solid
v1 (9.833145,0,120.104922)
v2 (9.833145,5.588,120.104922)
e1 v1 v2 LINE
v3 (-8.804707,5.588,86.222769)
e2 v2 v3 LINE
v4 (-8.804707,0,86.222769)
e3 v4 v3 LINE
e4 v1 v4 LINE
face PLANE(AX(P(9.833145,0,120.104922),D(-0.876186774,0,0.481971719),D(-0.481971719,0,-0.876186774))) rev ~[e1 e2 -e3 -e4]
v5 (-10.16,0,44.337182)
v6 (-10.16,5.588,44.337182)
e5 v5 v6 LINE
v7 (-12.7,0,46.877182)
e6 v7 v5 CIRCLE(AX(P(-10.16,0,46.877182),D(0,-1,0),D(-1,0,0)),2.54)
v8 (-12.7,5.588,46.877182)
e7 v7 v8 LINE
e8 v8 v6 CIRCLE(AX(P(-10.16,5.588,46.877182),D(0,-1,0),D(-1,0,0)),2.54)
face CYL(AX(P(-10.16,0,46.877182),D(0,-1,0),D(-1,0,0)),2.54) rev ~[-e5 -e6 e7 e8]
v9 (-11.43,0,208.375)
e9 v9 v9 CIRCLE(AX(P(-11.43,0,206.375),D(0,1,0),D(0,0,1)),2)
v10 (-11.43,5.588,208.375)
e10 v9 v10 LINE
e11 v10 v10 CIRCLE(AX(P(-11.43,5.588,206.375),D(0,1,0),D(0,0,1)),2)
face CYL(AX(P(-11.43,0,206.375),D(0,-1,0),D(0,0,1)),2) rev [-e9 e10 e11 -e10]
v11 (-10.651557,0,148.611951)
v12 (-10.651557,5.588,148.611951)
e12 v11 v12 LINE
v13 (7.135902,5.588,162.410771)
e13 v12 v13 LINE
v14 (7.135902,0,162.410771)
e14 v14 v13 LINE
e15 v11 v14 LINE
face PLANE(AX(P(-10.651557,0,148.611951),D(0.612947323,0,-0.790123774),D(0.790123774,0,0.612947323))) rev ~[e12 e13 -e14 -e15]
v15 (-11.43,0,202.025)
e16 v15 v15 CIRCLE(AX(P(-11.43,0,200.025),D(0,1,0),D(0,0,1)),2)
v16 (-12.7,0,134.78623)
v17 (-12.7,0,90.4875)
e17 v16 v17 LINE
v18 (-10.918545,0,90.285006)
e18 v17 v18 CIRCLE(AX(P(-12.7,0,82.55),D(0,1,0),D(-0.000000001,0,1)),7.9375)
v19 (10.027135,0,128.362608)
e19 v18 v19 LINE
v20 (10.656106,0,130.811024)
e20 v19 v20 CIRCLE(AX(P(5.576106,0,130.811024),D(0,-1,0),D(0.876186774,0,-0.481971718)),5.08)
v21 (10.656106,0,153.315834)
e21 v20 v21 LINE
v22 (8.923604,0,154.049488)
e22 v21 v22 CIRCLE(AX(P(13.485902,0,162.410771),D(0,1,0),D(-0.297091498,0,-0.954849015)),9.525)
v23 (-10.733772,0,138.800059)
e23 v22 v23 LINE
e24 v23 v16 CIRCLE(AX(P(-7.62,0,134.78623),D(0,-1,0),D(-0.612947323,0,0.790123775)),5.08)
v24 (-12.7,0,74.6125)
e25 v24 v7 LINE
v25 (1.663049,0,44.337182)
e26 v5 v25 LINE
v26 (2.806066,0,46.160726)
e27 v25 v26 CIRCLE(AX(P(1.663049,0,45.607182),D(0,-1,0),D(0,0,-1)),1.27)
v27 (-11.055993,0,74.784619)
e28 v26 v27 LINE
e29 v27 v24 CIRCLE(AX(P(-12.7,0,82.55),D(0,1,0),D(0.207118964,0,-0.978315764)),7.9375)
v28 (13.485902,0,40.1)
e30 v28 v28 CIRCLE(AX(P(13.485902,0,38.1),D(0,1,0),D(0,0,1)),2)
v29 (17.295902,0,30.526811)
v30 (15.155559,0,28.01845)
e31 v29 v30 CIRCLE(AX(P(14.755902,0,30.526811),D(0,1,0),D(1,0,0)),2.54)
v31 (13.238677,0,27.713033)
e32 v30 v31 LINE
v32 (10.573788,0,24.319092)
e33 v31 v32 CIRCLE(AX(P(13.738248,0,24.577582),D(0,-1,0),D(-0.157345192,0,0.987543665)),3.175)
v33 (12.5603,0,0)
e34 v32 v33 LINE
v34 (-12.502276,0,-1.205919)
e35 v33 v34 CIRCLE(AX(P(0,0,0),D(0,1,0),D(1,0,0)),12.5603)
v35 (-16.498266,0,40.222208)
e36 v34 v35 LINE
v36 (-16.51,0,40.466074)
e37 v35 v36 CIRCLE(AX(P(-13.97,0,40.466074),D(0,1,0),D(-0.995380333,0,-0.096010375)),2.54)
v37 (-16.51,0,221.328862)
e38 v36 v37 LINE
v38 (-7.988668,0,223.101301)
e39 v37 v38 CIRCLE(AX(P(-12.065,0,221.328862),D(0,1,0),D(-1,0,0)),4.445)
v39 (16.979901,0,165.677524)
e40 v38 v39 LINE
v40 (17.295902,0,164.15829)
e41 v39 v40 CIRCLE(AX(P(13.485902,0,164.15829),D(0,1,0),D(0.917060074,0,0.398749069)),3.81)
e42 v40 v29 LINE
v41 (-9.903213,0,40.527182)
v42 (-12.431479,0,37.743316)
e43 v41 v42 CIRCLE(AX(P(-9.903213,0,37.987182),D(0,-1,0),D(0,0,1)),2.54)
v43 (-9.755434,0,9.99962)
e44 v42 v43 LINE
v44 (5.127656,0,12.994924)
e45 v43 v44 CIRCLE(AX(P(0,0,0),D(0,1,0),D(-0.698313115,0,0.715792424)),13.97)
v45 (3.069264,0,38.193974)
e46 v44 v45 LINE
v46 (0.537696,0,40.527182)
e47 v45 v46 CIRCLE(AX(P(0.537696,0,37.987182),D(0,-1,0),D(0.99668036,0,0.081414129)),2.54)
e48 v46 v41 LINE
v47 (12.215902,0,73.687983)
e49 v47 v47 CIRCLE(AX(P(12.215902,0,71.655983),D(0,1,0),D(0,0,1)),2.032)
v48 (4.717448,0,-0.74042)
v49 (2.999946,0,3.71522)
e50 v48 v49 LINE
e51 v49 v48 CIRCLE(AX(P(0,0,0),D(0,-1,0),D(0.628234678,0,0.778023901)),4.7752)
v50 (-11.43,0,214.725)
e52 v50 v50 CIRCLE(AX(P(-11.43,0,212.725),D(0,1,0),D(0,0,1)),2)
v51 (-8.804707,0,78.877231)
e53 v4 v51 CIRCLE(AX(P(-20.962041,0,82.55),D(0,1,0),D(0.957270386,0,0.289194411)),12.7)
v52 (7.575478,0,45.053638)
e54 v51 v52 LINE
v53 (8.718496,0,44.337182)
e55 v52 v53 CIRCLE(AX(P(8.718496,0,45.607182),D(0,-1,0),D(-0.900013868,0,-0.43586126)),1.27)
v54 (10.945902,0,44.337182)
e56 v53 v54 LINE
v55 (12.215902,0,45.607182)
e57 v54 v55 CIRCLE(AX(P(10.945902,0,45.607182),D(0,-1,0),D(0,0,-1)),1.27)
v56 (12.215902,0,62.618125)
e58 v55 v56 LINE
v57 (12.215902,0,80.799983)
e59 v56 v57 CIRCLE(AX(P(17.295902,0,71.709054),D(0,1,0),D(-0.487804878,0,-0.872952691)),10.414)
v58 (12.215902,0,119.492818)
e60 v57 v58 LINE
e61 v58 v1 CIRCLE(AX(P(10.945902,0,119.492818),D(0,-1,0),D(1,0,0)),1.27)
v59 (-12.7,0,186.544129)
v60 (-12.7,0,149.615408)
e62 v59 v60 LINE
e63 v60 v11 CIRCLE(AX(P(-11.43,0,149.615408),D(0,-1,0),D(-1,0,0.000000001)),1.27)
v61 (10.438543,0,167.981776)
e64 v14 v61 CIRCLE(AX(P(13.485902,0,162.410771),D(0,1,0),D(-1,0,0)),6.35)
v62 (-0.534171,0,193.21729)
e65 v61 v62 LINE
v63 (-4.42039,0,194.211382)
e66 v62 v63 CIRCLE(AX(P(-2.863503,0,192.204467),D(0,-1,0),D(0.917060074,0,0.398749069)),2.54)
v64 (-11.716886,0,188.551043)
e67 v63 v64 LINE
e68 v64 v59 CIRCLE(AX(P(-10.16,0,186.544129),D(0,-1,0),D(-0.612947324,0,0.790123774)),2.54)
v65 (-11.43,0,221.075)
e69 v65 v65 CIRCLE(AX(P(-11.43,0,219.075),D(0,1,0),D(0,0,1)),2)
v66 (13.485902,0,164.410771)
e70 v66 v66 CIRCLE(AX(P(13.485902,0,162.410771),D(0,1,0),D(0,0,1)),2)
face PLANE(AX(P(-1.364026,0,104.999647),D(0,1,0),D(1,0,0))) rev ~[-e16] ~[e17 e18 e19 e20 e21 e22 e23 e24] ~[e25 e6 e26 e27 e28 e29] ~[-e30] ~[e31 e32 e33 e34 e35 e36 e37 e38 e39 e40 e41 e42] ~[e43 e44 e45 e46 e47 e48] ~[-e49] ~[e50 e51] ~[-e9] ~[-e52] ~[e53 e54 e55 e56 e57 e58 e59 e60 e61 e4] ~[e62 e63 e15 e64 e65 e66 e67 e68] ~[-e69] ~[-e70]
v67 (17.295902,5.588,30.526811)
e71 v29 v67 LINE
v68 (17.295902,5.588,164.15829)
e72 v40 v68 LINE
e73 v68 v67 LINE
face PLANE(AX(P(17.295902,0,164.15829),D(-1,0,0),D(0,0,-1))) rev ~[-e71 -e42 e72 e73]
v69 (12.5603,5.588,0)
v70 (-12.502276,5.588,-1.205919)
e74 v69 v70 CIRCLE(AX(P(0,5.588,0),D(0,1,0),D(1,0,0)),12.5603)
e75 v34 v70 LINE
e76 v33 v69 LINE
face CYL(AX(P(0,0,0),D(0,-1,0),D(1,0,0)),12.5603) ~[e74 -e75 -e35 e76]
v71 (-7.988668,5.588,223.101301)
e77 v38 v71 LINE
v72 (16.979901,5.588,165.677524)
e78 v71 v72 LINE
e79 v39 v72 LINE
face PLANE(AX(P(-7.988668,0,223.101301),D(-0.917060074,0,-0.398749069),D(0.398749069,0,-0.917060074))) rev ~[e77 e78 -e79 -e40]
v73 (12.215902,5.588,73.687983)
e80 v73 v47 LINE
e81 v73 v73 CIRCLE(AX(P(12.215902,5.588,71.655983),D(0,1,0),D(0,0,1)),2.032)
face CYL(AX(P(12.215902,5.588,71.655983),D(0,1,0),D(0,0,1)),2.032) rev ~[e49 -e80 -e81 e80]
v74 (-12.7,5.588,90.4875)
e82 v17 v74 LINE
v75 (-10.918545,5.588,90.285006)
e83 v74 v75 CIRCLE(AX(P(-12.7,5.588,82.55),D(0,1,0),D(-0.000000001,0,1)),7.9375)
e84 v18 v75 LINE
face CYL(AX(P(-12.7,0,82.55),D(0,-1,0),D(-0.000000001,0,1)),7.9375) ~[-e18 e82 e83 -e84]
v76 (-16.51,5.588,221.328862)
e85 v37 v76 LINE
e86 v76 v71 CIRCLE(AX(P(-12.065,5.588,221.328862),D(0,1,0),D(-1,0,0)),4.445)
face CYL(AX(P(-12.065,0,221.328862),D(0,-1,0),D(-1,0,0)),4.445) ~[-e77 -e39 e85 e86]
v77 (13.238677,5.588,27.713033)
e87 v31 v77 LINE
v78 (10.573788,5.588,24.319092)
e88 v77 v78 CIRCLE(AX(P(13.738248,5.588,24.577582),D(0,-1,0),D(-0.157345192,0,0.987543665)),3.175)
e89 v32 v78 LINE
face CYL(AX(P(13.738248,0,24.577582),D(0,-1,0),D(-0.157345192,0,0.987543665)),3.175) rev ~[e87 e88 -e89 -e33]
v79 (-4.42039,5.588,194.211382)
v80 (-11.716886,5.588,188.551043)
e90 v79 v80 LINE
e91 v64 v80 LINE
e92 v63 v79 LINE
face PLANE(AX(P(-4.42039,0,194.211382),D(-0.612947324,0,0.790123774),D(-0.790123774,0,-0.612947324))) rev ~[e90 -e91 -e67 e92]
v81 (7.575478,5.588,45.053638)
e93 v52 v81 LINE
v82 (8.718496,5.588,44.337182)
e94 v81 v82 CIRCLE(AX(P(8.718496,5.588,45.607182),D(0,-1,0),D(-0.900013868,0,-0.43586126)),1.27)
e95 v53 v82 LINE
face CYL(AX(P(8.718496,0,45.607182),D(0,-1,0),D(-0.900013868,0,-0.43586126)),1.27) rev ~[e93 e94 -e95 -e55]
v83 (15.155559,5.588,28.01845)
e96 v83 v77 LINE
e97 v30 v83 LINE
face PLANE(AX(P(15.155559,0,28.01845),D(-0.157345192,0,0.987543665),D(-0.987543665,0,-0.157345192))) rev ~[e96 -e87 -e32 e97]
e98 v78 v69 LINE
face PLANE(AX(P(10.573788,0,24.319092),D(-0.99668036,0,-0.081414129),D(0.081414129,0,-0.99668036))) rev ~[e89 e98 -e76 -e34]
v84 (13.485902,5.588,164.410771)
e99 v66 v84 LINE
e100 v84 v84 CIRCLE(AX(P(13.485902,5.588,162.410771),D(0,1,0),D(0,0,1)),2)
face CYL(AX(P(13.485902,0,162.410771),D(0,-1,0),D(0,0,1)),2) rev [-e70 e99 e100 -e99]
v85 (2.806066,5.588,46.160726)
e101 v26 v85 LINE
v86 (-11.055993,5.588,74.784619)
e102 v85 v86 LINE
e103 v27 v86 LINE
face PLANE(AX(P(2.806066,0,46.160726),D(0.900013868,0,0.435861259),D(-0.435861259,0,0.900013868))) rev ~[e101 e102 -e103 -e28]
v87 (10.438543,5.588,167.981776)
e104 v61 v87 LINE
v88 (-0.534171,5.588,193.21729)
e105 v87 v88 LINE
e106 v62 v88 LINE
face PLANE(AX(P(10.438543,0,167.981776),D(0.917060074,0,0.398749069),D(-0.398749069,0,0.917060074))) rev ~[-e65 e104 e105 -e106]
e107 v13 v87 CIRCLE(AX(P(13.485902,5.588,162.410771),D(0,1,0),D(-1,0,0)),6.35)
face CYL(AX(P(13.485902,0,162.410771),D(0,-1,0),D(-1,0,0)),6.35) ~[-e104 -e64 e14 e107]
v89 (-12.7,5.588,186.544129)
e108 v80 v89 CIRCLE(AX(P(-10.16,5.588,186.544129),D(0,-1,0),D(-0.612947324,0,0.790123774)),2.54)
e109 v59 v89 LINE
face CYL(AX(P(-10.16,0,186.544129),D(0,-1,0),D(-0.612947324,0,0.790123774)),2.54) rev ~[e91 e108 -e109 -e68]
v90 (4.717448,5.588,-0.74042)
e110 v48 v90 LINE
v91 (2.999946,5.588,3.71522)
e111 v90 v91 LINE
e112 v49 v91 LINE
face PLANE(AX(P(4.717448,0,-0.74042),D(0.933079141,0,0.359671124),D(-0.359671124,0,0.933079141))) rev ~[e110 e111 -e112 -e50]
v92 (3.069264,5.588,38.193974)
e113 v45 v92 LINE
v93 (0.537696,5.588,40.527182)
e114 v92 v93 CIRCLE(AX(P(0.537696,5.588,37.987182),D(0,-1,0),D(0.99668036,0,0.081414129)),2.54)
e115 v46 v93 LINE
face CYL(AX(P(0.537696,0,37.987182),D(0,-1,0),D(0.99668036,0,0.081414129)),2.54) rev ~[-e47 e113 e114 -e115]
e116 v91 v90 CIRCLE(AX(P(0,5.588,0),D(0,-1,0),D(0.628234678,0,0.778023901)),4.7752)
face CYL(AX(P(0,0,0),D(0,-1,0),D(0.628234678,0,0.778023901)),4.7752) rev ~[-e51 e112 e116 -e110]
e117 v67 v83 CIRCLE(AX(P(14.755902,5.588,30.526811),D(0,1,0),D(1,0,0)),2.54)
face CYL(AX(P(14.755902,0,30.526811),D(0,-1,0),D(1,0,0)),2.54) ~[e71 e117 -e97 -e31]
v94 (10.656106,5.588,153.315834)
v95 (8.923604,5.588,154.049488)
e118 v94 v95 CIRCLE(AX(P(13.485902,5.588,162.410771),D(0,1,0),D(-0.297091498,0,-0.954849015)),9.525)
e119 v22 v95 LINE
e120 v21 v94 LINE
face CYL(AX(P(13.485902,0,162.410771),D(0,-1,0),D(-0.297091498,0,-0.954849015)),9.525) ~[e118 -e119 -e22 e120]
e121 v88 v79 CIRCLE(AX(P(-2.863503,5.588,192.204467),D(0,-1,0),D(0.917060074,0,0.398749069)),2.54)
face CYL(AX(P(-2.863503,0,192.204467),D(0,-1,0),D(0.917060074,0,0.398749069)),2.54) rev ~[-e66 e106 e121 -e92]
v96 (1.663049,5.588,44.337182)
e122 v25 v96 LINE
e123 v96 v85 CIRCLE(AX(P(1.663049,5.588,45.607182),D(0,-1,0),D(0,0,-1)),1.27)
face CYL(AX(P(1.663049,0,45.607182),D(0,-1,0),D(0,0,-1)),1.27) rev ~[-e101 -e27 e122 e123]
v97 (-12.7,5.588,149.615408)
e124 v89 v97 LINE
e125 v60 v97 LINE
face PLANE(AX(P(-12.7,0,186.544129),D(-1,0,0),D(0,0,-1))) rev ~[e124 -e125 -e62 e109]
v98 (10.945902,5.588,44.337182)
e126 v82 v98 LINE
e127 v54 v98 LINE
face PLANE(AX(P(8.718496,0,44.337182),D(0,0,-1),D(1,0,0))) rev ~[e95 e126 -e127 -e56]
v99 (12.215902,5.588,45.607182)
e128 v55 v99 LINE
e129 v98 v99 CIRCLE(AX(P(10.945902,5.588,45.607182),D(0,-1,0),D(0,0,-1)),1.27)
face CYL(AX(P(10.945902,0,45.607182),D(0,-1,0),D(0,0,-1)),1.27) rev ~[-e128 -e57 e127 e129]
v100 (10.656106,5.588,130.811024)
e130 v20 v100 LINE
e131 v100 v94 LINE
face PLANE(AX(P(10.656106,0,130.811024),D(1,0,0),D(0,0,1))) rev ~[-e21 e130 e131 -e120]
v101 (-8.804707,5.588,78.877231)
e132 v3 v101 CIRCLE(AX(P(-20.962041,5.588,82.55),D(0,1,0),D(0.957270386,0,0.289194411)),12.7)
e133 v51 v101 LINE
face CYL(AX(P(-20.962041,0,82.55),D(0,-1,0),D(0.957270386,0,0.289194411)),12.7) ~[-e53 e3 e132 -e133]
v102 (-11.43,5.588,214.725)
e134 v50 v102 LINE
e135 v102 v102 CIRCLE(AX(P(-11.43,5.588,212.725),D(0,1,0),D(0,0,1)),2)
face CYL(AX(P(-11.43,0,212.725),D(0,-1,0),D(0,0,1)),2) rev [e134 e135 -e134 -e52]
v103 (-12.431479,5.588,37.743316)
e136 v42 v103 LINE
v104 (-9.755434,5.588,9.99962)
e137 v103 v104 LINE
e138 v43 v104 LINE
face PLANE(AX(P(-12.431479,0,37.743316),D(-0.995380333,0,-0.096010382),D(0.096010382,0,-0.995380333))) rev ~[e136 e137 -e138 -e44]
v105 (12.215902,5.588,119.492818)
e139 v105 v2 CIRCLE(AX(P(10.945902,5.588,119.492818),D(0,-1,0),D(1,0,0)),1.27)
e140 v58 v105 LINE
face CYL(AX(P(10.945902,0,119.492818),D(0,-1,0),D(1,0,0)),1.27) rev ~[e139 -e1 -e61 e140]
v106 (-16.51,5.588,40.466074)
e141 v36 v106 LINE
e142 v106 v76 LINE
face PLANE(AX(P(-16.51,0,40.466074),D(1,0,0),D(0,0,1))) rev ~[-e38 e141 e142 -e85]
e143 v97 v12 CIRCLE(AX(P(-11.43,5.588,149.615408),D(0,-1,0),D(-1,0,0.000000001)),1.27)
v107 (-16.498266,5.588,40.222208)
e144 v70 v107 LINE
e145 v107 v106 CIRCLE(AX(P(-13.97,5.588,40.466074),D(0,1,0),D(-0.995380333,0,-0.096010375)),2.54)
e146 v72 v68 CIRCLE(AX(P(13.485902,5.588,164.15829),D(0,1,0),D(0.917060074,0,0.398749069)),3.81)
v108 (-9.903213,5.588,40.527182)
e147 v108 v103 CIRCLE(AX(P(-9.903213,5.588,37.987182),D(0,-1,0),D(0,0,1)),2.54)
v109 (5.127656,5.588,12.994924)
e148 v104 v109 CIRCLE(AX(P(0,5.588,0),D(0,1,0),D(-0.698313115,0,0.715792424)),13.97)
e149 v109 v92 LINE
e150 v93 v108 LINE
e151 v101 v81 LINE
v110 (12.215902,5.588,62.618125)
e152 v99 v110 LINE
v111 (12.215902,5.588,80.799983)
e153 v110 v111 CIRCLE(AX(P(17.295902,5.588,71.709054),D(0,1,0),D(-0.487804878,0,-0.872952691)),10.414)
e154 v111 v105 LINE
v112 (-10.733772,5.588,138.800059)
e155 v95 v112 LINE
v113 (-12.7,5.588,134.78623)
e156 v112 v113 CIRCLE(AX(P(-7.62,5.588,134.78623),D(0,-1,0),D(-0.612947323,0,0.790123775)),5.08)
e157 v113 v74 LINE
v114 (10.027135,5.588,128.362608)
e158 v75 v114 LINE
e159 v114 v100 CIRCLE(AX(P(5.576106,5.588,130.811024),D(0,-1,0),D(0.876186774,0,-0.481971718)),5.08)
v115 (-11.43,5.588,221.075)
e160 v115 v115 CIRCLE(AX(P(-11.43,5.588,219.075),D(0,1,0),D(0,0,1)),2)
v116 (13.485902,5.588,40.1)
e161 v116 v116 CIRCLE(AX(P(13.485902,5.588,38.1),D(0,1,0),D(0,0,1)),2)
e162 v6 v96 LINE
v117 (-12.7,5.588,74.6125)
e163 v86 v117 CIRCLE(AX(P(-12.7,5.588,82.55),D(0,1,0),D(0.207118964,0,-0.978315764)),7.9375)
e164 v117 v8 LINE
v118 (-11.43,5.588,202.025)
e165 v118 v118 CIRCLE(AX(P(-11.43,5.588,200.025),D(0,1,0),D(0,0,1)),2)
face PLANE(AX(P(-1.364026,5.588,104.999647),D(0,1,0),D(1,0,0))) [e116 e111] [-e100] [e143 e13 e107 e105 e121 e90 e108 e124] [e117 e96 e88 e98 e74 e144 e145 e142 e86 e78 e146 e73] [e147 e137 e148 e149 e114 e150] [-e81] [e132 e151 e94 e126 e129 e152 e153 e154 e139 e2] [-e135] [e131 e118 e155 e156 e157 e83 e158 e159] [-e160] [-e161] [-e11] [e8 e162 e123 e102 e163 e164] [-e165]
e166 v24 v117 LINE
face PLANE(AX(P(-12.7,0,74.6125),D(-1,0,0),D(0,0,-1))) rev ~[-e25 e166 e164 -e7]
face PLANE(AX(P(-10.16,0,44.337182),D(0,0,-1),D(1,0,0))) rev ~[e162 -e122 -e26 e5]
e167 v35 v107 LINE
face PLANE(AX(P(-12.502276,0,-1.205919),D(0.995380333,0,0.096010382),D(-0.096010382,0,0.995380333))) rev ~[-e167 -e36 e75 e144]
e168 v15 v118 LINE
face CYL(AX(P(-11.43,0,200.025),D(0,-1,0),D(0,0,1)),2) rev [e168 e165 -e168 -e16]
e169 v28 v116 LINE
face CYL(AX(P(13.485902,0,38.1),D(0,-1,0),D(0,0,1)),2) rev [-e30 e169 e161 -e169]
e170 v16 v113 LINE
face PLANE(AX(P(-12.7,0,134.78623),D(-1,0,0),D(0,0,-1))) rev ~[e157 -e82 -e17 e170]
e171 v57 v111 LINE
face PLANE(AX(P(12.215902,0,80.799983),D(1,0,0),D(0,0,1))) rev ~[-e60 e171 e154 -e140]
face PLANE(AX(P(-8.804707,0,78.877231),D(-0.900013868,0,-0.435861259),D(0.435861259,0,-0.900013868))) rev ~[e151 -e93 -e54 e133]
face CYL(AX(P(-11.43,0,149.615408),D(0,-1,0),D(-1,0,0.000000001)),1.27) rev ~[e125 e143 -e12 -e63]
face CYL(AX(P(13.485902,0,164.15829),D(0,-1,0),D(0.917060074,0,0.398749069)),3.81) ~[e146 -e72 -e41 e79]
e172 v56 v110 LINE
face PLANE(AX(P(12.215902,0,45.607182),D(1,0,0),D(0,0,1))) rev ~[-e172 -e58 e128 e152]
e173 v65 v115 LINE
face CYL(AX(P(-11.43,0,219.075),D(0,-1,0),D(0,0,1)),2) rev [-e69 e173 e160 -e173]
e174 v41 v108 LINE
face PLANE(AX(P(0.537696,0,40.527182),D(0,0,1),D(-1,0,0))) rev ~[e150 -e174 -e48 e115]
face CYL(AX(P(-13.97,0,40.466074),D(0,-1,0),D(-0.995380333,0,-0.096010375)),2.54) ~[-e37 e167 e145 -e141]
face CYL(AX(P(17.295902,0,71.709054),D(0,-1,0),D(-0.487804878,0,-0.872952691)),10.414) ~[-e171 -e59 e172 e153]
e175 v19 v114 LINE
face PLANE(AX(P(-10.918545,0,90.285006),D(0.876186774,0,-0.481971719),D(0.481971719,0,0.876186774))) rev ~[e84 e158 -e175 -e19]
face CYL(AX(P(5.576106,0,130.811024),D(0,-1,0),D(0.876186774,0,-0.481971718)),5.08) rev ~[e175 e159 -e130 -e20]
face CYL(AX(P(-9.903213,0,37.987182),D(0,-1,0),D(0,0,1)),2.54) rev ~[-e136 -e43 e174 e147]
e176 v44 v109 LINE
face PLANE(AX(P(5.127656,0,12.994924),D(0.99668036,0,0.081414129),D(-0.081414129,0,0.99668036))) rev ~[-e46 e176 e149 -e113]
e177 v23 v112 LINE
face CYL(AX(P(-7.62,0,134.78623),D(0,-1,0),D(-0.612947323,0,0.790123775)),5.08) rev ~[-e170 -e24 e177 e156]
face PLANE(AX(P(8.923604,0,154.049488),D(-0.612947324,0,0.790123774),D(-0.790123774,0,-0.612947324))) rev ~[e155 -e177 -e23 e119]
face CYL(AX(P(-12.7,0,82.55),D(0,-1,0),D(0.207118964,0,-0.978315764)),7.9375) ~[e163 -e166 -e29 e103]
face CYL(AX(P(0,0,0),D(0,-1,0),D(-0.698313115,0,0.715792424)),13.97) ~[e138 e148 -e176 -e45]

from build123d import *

# Parameters (mm, degrees)
SKETCH2_R           = 2
SKETCH2_R_2         = 1.999999991
BOSS_EXTRUDE1_DEPTH = 5.588
SKETCH7_R           = 2.032
CUT_EXTRUDE1_DEPTH  = 5.588


with BuildPart() as part:
    # Sketch2 → Boss-Extrude1 (new body)
    with BuildSketch(Plane(origin=(0, 0, 0), x_dir=(1, 0, 0), z_dir=(0, 1, 0))):
        with BuildLine():
            ThreePointArc((17.295902343, -30.526810701), (16.688093876, -28.878103365), (15.15555913, -28.018449791))
            Line((15.15555913, -28.018449791), (13.238676936, -27.713033224))
            ThreePointArc((13.238676936, -27.713033224), (11.241051513, -26.538356195), (10.573787778, -24.319092227))
            Line((10.573787778, -24.319092227), (12.5603, 0))
            ThreePointArc((12.5603, 0), (0.603657177, 12.545785512), (-12.502275592, 1.2059192))
            Line((-12.502275592, 1.2059192), (-16.498266045, -40.222207921))
            ThreePointArc((-16.498266045, -40.222207921), (-16.507064815, -40.344000039), (-16.51, -40.466074291))
            Line((-16.51, -40.466074291), (-16.51, -221.328861788))
            ThreePointArc((-16.51, -221.328861788), (-12.970187584, -225.680718913), (-7.988667969, -223.101301399))
            Line((-7.988667969, -223.101301399), (16.979901226, -165.677523619))
            ThreePointArc((16.979901226, -165.677523619), (17.216065593, -164.934164738), (17.295902343, -164.158289667))
            Line((17.295902343, -164.158289667), (17.295902343, -30.526810701))
        make_face()
        with Locations(Location((-11.43, -219.075, 0), (0, 0, 270))):
            Circle(SKETCH2_R, mode=Mode.SUBTRACT)
        with Locations(Location((-11.43, -212.725, 0), (0, 0, 270))):
            Circle(SKETCH2_R, mode=Mode.SUBTRACT)
        with Locations(Location((-11.43, -206.375, 0), (0, 0, 270))):
            Circle(SKETCH2_R, mode=Mode.SUBTRACT)
        with Locations(Location((-11.43, -200.025, 0), (0, 0, 270))):
            Circle(SKETCH2_R, mode=Mode.SUBTRACT)
        with BuildLine():
            ThreePointArc((7.135902343, -162.410770806), (8.023611961, -165.648962244), (10.438542905, -167.981776143))
            Line((10.438542905, -167.981776143), (-0.534170778, -193.217289931))
            ThreePointArc((-0.534170778, -193.217289931), (-2.234040931, -194.665234867), (-4.420389569, -194.211381682))
            Line((-4.420389569, -194.211381682), (-11.716886202, -188.551043102))
            ThreePointArc((-11.716886202, -188.551043102), (-12.441018517, -187.661516081), (-12.7, -186.544128716))
            Line((-12.7, -186.544128716), (-12.7, -149.615408258))
            ThreePointArc((-12.7, -149.615408258), (-11.988693683, -148.474898999), (-10.651556899, -148.611951065))
            Line((-10.651556899, -148.611951065), (7.135902343, -162.410770806))
        make_face(mode=Mode.SUBTRACT)
        with BuildLine():
            ThreePointArc((10.656105825, -153.315833936), (9.771695946, -153.639779081), (8.923603828, -154.049487576))
            Line((8.923603828, -154.049487576), (-10.733772403, -138.80005889))
            ThreePointArc((-10.733772403, -138.80005889), (-12.182037035, -137.021004847), (-12.7, -134.786230117))
            Line((-12.7, -134.786230117), (-12.7, -90.4875))
            ThreePointArc((-12.7, -90.4875), (-11.803536501, -90.43671411), (-10.918544548, -90.285006317))
            Line((-10.918544548, -90.285006317), (10.027134635, -128.362607876))
            ThreePointArc((10.027134635, -128.362607876), (10.49635106, -129.547067395), (10.656105825, -130.811024207))
            Line((10.656105825, -130.811024207), (10.656105825, -153.315833936))
        make_face(mode=Mode.SUBTRACT)
        with Locations(Location((13.485902343, -162.410770806, 0), (0, 0, 270))):
            Circle(SKETCH2_R, mode=Mode.SUBTRACT)
        with BuildLine():
            Line((-10.16, -44.337182032), (1.663048834, -44.337182032))
            ThreePointArc((1.663048834, -44.337182032), (2.739129831, -44.932682449), (2.806066447, -46.160725831))
            Line((2.806066447, -46.160725831), (-11.055993219, -74.784618621))
            ThreePointArc((-11.055993219, -74.784618621), (-11.873503915, -74.655646925), (-12.7, -74.6125))
            Line((-12.7, -74.6125), (-12.7, -46.877182032))
            ThreePointArc((-12.7, -46.877182032), (-11.956051224, -45.081130808), (-10.16, -44.337182032))
        make_face(mode=Mode.SUBTRACT)
        with BuildLine():
            ThreePointArc((-9.903213406, -40.527182032), (-11.783508673, -39.694838236), (-12.431479451, -37.743315662))
            Line((-12.431479451, -37.743315662), (-9.755434212, -9.99962016))
            ThreePointArc((-9.755434212, -9.99962016), (-2.756273581, -13.695395429), (5.127655889, -12.99492382))
            Line((5.127655889, -12.99492382), (3.069264048, -38.19397392))
            ThreePointArc((3.069264048, -38.19397392), (2.259083254, -39.854914801), (0.537695935, -40.527182032))
            Line((0.537695935, -40.527182032), (-9.903213406, -40.527182032))
        make_face(mode=Mode.SUBTRACT)
        with BuildLine():
            ThreePointArc((2.999946232, -3.71521973), (-4.455639512, 1.717501551), (4.717447783, 0.740419782))
            Line((4.717447783, 0.740419782), (2.999946232, -3.71521973))
        make_face(mode=Mode.SUBTRACT)
        with BuildLine():
            ThreePointArc((-8.804706991, -86.222769023), (-8.262040897, -82.55), (-8.804706991, -78.877230977))
            Line((-8.804706991, -78.877230977), (7.575478058, -45.053638233))
            ThreePointArc((7.575478058, -45.053638233), (8.043996088, -44.531101035), (8.718495671, -44.337182032))
            Line((8.718495671, -44.337182032), (10.945902343, -44.337182032))
            ThreePointArc((10.945902343, -44.337182032), (11.843927955, -44.70915642), (12.215902343, -45.607182032))
            Line((12.215902343, -45.607182032), (12.215902343, -62.618124667))
            ThreePointArc((12.215902343, -62.618124667), (6.881902343, -71.709053992), (12.215902343, -80.799983318))
            Line((12.215902343, -80.799983318), (12.215902343, -119.492817968))
            ThreePointArc((12.215902343, -119.492817968), (11.261891546, -120.722879277), (9.83314514, -120.104922051))
            Line((9.83314514, -120.104922051), (-8.804706991, -86.222769023))
        make_face(mode=Mode.SUBTRACT)
        with Locations(Location((13.485902343, -38.1, 0), (0, 0, 270))):
            Circle(SKETCH2_R_2, mode=Mode.SUBTRACT)
    extrude(amount=BOSS_EXTRUDE1_DEPTH)

    # Sketch7 → Cut-Extrude1 (cut)
    with BuildSketch(Plane(origin=(0, 5.588, 0), x_dir=(1, 0, 0), z_dir=(0, 1, 0))):
        with Locations(Location((12.215902343, -71.655983318, 0), (0, 0, 270))):
            Circle(SKETCH7_R)
    extrude(amount=-CUT_EXTRUDE1_DEPTH, mode=Mode.SUBTRACT)


solid = part.part
